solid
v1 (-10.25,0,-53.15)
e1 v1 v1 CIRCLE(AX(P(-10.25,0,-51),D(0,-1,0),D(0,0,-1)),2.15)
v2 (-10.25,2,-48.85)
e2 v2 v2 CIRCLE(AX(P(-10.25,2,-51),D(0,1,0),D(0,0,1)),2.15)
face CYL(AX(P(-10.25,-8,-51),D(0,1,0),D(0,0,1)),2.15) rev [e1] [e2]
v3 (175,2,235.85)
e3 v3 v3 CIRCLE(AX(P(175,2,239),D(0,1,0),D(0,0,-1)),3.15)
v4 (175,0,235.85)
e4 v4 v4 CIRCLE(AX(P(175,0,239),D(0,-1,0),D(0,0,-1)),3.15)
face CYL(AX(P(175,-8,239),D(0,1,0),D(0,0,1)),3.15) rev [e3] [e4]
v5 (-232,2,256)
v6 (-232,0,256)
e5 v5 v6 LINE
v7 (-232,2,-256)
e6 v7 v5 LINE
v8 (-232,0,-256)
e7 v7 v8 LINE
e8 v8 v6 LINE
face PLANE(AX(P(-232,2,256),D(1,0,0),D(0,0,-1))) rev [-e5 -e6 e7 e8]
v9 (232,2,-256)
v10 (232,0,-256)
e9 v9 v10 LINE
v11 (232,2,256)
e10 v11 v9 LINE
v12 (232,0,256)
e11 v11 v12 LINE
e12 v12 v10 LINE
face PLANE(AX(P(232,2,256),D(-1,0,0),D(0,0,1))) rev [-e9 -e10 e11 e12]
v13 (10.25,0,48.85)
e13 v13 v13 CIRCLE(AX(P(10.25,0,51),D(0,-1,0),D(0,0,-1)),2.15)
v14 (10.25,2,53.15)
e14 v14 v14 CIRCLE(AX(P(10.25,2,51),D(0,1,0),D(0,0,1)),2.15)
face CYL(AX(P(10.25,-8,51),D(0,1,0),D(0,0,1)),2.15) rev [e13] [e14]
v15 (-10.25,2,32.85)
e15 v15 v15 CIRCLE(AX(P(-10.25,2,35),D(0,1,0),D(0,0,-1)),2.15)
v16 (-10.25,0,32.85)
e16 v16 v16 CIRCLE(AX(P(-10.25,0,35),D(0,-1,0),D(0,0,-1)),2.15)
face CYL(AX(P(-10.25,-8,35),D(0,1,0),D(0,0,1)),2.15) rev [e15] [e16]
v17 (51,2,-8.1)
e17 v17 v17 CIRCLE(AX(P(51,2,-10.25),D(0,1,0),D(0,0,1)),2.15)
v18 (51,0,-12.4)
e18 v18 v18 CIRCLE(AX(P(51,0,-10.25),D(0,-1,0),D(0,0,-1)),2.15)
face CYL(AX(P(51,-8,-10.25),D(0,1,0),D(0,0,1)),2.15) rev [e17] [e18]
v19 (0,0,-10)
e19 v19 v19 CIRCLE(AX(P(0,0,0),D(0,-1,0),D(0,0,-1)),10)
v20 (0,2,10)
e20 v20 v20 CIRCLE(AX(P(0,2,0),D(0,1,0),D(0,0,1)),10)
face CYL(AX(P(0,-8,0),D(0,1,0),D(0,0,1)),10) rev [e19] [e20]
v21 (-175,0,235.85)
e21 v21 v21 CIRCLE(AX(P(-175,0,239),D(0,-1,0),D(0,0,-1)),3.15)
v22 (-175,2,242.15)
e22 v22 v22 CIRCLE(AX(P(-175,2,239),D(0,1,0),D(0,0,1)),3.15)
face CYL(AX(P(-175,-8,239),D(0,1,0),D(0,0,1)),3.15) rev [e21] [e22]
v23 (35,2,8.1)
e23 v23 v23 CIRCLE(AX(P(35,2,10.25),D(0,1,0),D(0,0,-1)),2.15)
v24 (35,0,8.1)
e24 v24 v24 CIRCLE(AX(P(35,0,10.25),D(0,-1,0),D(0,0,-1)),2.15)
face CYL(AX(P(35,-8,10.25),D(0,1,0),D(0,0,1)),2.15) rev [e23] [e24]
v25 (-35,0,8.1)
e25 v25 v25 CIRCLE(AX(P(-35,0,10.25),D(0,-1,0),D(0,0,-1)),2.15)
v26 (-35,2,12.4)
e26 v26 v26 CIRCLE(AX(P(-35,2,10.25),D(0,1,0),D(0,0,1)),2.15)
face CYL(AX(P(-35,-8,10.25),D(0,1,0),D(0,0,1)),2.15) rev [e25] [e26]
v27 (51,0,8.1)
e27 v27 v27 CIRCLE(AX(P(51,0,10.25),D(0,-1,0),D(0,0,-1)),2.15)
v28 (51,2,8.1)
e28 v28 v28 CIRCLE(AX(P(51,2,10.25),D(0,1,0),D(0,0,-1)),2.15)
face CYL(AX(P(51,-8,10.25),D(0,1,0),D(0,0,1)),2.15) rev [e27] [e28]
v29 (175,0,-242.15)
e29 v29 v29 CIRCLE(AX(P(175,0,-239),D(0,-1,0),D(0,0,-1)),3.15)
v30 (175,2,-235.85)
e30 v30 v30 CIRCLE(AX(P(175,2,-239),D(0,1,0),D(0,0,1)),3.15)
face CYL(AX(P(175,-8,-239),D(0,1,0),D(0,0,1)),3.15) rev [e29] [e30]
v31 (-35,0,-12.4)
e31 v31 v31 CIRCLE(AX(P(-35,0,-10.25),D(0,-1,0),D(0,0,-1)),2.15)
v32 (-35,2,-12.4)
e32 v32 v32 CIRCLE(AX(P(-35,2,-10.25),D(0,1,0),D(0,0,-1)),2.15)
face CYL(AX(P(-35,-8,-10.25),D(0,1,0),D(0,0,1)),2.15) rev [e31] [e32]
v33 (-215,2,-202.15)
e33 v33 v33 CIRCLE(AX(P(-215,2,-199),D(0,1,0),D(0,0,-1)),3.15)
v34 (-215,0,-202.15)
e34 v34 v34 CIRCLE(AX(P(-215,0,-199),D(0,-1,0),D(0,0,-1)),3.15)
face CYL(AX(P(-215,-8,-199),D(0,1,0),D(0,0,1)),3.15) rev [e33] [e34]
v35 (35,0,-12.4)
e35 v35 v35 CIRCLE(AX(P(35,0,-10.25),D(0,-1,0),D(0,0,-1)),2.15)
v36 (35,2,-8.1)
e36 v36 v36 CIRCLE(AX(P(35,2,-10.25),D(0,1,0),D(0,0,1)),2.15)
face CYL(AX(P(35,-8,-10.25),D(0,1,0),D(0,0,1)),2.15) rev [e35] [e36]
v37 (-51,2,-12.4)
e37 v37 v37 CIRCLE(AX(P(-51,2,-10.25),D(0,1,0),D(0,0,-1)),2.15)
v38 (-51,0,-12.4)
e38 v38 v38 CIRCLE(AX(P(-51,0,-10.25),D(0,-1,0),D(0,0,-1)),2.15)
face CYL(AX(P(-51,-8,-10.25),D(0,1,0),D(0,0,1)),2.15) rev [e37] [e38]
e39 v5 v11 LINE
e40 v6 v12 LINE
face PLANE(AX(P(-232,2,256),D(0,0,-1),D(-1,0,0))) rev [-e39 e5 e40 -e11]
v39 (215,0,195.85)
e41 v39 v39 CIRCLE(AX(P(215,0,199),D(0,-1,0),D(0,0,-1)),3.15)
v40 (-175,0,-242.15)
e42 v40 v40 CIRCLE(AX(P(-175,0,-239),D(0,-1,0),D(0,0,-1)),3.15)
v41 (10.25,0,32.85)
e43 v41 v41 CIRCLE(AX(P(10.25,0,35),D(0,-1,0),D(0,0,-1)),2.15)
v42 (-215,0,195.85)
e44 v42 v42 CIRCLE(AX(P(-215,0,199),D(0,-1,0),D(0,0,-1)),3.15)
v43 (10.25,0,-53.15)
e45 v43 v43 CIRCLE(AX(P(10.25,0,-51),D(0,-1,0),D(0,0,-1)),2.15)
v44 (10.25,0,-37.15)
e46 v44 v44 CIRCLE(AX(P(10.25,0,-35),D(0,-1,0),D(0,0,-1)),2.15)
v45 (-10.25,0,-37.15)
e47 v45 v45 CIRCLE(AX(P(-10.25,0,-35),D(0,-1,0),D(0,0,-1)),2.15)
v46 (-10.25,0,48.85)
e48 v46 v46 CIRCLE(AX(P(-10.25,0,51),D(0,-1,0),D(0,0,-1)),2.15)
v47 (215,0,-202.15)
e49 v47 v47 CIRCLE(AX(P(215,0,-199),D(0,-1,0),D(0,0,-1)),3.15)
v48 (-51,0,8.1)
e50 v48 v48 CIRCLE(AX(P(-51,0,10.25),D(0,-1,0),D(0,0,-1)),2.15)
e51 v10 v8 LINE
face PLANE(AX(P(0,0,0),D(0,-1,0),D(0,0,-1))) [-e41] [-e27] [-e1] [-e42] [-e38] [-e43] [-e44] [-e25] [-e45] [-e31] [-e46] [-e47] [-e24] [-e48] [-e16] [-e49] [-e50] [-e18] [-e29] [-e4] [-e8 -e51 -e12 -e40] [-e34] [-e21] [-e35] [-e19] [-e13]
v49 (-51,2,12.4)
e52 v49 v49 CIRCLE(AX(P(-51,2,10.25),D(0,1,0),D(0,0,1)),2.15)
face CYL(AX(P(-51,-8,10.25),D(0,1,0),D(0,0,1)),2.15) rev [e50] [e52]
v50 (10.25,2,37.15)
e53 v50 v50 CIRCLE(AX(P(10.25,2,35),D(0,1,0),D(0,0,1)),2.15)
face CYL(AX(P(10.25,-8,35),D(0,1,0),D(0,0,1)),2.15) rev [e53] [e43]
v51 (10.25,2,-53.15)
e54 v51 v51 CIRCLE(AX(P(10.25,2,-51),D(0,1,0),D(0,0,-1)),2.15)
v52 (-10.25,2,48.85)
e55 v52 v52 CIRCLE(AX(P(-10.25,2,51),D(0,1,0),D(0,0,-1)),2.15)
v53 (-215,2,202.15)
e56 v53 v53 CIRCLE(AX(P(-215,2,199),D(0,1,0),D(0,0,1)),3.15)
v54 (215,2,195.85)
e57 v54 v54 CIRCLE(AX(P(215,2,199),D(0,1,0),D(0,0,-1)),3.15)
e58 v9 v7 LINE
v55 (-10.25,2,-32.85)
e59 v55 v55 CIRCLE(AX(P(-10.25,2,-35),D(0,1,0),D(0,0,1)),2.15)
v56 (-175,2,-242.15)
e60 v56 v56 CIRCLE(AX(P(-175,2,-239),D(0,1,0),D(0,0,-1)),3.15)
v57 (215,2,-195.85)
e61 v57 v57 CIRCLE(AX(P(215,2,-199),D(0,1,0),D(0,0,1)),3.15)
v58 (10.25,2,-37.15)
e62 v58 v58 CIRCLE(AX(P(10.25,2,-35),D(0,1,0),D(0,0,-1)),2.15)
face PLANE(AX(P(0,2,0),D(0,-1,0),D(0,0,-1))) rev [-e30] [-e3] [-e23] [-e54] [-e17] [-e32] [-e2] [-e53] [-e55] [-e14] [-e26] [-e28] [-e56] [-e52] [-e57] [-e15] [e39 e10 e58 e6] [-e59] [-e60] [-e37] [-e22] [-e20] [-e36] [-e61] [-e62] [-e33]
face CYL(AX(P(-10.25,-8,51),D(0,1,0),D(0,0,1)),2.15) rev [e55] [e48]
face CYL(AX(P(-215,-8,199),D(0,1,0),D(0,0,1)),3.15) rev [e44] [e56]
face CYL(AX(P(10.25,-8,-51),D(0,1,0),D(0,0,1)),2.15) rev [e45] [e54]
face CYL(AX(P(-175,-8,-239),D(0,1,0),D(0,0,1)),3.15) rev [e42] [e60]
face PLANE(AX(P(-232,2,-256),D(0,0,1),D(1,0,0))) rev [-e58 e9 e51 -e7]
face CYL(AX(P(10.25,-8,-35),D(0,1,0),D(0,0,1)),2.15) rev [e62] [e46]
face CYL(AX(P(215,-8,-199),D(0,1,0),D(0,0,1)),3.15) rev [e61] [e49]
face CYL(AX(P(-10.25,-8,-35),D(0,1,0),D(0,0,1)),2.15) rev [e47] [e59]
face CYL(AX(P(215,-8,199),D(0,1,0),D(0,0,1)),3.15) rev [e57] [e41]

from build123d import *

# Parameters (mm, degrees)
SKETCH1_W           = 464
SKETCH1_H           = 512
BOSS_EXTRUDE1_DEPTH = 2
SKETCH2_R           = 10
CUT_EXTRUDE1_DEPTH  = 10
SKETCH3_R           = 2.15
CUT_EXTRUDE2_DEPTH  = 10
SKETCH4_R           = 3.15
CUT_EXTRUDE3_DEPTH  = 10


with BuildPart() as part:
    # Sketch1 → Boss-Extrude1 (new body)
    with BuildSketch(Plane(origin=(0, 0, 0), x_dir=(1, 0, 0), z_dir=(0, 1, 0))):
        Rectangle(SKETCH1_W, SKETCH1_H)
    extrude(amount=BOSS_EXTRUDE1_DEPTH)

    # Sketch2 → Cut-Extrude1 (cut)
    with BuildSketch(Plane(origin=(0, 2, 0), x_dir=(1, 0, 0), z_dir=(0, 1, 0))):
        with Locations(Location((0, 0, 0), (0, 0, 270))):
            Circle(SKETCH2_R)
    extrude(amount=-CUT_EXTRUDE1_DEPTH, mode=Mode.SUBTRACT)

    # Sketch3 → Cut-Extrude2 (cut)
    with BuildSketch(Plane(origin=(0, 2, 0), x_dir=(1, 0, 0), z_dir=(0, 1, 0))):
        with Locations(Location((-10.25, 51, 0), (0, 0, 270))):
            Circle(SKETCH3_R)
        with Locations(Location((-10.25, 35, 0), (0, 0, 270))):
            Circle(SKETCH3_R)
        with Locations(Location((10.25, 35, 0), (0, 0, 90))):
            Circle(SKETCH3_R)
        with Locations(Location((10.25, 51, 0), (0, 0, 90))):
            Circle(SKETCH3_R)
        with Locations(Location((35, 10.25, 0), (0, 0, 270))):
            Circle(SKETCH3_R)
        with Locations(Location((51, 10.25, 0), (0, 0, 270))):
            Circle(SKETCH3_R)
        with Locations(Location((51, -10.25, 0), (0, 0, 90))):
            Circle(SKETCH3_R)
        with Locations(Location((35, -10.25, 0), (0, 0, 90))):
            Circle(SKETCH3_R)
        with Locations(Location((10.25, -35, 0), (0, 0, 270))):
            Circle(SKETCH3_R)
        with Locations(Location((10.25, -51, 0), (0, 0, 270))):
            Circle(SKETCH3_R)
        with Locations(Location((-10.25, -51, 0), (0, 0, 90))):
            Circle(SKETCH3_R)
        with Locations(Location((-10.25, -35, 0), (0, 0, 90))):
            Circle(SKETCH3_R)
        with Locations(Location((-35, -10.25, 0), (0, 0, 270))):
            Circle(SKETCH3_R)
        with Locations(Location((-51, -10.25, 0), (0, 0, 270))):
            Circle(SKETCH3_R)
        with Locations(Location((-51, 10.25, 0), (0, 0, 90))):
            Circle(SKETCH3_R)
        with Locations(Location((-35, 10.25, 0), (0, 0, 90))):
            Circle(SKETCH3_R)
    extrude(amount=-CUT_EXTRUDE2_DEPTH, mode=Mode.SUBTRACT)

    # Sketch4 → Cut-Extrude3 (cut)
    with BuildSketch(Plane(origin=(0, 2, 0), x_dir=(1, 0, 0), z_dir=(0, 1, 0))):
        with Locations(Location((-215, -199, 0), (0, 0, 270))):
            Circle(SKETCH4_R)
        with Locations(Location((-175, -239, 0), (0, 0, 270))):
            Circle(SKETCH4_R)
        with Locations(Location((-215, 199, 0), (0, 0, 90))):
            Circle(SKETCH4_R)
        with Locations(Location((-175, 239, 0), (0, 0, 90))):
            Circle(SKETCH4_R)
        with Locations(Location((175, -239, 0), (0, 0, 90))):
            Circle(SKETCH4_R)
        with Locations(Location((215, -199, 0), (0, 0, 90))):
            Circle(SKETCH4_R)
        with Locations(Location((215, 199, 0), (0, 0, 270))):
            Circle(SKETCH4_R)
        with Locations(Location((175, 239, 0), (0, 0, 270))):
            Circle(SKETCH4_R)
    extrude(amount=-CUT_EXTRUDE3_DEPTH, mode=Mode.SUBTRACT)


solid = part.part
